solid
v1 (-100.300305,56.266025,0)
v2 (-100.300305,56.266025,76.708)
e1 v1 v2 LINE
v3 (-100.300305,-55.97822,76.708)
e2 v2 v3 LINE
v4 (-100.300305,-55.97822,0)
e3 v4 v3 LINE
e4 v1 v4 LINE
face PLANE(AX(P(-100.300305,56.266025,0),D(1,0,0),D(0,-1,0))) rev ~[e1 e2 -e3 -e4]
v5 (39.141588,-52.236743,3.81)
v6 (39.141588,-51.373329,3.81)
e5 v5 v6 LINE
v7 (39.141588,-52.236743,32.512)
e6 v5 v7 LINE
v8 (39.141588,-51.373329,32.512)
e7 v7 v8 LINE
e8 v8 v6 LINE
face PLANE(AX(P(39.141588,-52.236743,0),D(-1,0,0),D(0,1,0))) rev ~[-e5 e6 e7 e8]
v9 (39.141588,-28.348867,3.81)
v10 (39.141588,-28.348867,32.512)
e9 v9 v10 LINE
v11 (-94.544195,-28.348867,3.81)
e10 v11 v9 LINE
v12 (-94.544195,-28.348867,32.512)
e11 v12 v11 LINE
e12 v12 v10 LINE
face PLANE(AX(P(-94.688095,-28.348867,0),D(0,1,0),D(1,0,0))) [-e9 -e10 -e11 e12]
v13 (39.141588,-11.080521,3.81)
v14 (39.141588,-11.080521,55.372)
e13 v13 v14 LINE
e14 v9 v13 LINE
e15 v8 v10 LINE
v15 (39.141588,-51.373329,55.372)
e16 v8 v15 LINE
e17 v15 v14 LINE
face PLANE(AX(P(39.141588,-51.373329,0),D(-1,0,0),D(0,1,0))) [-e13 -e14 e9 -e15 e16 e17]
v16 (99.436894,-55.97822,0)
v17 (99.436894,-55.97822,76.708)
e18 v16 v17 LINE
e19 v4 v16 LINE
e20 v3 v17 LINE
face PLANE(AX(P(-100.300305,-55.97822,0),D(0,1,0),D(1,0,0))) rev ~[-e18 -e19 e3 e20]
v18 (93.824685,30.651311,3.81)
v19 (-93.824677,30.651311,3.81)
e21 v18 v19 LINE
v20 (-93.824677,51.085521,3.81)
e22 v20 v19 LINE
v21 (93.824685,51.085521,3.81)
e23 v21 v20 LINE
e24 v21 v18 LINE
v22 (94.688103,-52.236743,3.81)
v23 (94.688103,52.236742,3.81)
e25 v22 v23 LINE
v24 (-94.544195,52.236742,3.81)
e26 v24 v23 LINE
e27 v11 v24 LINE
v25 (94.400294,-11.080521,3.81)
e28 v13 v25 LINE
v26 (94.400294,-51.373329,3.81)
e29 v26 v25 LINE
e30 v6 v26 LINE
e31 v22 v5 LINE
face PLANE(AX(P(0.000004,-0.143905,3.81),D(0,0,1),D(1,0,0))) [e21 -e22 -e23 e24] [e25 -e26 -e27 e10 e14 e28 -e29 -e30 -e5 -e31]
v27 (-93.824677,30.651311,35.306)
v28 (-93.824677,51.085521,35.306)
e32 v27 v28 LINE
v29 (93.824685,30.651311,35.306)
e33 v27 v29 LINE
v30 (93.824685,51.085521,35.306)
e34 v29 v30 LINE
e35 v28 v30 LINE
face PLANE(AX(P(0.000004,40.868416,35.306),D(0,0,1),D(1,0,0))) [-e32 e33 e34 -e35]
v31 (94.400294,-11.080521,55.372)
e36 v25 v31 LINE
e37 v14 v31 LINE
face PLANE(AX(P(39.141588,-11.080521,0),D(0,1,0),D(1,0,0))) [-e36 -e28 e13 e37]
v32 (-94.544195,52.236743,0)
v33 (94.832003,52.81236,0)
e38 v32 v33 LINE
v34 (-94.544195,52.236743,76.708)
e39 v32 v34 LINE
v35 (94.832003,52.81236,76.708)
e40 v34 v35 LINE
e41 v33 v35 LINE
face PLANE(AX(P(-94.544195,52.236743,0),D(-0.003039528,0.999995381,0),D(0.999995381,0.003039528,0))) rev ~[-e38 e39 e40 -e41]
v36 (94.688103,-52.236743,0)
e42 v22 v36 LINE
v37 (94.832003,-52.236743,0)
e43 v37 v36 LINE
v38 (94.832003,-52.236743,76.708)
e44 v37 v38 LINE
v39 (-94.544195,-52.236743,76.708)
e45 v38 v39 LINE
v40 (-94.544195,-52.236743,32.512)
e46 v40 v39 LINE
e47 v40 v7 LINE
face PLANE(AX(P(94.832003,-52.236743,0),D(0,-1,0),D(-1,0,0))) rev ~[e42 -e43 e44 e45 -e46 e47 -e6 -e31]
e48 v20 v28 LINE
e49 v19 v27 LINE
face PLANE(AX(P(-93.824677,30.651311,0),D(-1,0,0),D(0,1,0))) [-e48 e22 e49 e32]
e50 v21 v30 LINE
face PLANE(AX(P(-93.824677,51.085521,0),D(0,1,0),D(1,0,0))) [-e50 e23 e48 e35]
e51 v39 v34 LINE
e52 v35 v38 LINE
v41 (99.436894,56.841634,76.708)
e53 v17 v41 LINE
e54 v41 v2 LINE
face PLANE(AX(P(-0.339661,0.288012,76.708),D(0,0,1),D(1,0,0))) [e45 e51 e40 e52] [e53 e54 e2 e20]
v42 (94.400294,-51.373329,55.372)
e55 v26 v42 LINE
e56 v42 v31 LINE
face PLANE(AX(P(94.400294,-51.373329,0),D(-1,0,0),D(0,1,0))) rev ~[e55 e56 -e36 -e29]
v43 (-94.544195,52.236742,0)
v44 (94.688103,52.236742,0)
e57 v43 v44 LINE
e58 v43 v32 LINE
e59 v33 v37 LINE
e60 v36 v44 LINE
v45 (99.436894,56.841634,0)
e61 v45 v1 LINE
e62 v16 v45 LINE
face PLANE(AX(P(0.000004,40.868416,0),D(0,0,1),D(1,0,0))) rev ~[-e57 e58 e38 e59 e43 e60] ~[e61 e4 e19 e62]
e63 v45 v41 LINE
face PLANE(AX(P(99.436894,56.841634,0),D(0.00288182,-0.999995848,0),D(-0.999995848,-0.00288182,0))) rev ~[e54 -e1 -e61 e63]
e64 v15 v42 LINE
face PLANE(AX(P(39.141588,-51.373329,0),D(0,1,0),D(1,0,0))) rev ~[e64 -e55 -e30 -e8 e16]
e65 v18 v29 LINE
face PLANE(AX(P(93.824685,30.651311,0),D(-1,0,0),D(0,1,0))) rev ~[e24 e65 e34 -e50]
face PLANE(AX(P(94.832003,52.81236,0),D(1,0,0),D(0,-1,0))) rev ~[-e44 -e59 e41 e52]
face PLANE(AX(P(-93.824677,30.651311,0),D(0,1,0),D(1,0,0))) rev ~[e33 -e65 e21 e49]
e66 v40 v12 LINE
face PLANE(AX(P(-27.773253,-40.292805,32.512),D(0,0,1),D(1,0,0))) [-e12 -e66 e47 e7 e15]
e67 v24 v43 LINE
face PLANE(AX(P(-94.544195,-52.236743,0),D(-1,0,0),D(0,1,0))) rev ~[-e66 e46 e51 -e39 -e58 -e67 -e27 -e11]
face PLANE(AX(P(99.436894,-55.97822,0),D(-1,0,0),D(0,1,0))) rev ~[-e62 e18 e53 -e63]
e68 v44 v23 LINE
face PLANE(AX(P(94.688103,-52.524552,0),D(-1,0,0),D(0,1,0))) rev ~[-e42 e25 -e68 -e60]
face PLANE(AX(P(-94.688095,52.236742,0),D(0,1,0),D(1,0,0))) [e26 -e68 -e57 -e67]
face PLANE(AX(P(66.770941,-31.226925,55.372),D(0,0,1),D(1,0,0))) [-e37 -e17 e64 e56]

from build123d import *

# Parameters (mm, degrees)
F1_DEPTH = 76.708
F2_W     = 133.829683
F2_H     = 23.887876
F3_DEPTH = 32.512
F4_W     = 55.258706
F4_H     = 40.292808
F5_DEPTH = 55.372
F6_W     = 189.376198
F6_H     = 104.761295
F7_DEPTH = 3.81
F8_W     = 187.649362
F8_H     = 20.434209
F9_DEPTH = 35.306


with BuildPart() as f1:
    # F0 (on Top) → F1 (new body)
    with BuildSketch(Plane.XY):
        Polygon((99.436894, 56.841634), (-100.300305, 56.266025), (-100.300305, -55.97822), (99.436894, -55.97822), align=None)
        Polygon((-94.544195, -52.236743), (-94.544195, 52.236743), (94.832003, 52.81236), (94.832003, -52.236743), align=None, mode=Mode.SUBTRACT)
    extrude(amount=F1_DEPTH)

    # F2 (on Top) → F3 (join)
    with BuildSketch(Plane.XY):
        with Locations((-27.773253, -40.292805)):
            Rectangle(F2_W, F2_H)
    extrude(amount=F3_DEPTH)

    # F4 (on Top) → F5 (join)
    with BuildSketch(Plane.XY):
        with Locations((66.770941, -31.226925)):
            Rectangle(F4_W, F4_H)
    extrude(amount=F5_DEPTH)

    # F6 (on Top) → F7 (join)
    with BuildSketch(Plane.XY):
        with Locations((4e-06, -0.143905)):
            Rectangle(F6_W, F6_H)
    extrude(amount=F7_DEPTH)

    # F8 (on Top) → F9 (join)
    with BuildSketch(Plane.XY):
        with Locations((4e-06, 40.868416)):
            Rectangle(F8_W, F8_H)
    extrude(amount=F9_DEPTH)


solid = f1.part
